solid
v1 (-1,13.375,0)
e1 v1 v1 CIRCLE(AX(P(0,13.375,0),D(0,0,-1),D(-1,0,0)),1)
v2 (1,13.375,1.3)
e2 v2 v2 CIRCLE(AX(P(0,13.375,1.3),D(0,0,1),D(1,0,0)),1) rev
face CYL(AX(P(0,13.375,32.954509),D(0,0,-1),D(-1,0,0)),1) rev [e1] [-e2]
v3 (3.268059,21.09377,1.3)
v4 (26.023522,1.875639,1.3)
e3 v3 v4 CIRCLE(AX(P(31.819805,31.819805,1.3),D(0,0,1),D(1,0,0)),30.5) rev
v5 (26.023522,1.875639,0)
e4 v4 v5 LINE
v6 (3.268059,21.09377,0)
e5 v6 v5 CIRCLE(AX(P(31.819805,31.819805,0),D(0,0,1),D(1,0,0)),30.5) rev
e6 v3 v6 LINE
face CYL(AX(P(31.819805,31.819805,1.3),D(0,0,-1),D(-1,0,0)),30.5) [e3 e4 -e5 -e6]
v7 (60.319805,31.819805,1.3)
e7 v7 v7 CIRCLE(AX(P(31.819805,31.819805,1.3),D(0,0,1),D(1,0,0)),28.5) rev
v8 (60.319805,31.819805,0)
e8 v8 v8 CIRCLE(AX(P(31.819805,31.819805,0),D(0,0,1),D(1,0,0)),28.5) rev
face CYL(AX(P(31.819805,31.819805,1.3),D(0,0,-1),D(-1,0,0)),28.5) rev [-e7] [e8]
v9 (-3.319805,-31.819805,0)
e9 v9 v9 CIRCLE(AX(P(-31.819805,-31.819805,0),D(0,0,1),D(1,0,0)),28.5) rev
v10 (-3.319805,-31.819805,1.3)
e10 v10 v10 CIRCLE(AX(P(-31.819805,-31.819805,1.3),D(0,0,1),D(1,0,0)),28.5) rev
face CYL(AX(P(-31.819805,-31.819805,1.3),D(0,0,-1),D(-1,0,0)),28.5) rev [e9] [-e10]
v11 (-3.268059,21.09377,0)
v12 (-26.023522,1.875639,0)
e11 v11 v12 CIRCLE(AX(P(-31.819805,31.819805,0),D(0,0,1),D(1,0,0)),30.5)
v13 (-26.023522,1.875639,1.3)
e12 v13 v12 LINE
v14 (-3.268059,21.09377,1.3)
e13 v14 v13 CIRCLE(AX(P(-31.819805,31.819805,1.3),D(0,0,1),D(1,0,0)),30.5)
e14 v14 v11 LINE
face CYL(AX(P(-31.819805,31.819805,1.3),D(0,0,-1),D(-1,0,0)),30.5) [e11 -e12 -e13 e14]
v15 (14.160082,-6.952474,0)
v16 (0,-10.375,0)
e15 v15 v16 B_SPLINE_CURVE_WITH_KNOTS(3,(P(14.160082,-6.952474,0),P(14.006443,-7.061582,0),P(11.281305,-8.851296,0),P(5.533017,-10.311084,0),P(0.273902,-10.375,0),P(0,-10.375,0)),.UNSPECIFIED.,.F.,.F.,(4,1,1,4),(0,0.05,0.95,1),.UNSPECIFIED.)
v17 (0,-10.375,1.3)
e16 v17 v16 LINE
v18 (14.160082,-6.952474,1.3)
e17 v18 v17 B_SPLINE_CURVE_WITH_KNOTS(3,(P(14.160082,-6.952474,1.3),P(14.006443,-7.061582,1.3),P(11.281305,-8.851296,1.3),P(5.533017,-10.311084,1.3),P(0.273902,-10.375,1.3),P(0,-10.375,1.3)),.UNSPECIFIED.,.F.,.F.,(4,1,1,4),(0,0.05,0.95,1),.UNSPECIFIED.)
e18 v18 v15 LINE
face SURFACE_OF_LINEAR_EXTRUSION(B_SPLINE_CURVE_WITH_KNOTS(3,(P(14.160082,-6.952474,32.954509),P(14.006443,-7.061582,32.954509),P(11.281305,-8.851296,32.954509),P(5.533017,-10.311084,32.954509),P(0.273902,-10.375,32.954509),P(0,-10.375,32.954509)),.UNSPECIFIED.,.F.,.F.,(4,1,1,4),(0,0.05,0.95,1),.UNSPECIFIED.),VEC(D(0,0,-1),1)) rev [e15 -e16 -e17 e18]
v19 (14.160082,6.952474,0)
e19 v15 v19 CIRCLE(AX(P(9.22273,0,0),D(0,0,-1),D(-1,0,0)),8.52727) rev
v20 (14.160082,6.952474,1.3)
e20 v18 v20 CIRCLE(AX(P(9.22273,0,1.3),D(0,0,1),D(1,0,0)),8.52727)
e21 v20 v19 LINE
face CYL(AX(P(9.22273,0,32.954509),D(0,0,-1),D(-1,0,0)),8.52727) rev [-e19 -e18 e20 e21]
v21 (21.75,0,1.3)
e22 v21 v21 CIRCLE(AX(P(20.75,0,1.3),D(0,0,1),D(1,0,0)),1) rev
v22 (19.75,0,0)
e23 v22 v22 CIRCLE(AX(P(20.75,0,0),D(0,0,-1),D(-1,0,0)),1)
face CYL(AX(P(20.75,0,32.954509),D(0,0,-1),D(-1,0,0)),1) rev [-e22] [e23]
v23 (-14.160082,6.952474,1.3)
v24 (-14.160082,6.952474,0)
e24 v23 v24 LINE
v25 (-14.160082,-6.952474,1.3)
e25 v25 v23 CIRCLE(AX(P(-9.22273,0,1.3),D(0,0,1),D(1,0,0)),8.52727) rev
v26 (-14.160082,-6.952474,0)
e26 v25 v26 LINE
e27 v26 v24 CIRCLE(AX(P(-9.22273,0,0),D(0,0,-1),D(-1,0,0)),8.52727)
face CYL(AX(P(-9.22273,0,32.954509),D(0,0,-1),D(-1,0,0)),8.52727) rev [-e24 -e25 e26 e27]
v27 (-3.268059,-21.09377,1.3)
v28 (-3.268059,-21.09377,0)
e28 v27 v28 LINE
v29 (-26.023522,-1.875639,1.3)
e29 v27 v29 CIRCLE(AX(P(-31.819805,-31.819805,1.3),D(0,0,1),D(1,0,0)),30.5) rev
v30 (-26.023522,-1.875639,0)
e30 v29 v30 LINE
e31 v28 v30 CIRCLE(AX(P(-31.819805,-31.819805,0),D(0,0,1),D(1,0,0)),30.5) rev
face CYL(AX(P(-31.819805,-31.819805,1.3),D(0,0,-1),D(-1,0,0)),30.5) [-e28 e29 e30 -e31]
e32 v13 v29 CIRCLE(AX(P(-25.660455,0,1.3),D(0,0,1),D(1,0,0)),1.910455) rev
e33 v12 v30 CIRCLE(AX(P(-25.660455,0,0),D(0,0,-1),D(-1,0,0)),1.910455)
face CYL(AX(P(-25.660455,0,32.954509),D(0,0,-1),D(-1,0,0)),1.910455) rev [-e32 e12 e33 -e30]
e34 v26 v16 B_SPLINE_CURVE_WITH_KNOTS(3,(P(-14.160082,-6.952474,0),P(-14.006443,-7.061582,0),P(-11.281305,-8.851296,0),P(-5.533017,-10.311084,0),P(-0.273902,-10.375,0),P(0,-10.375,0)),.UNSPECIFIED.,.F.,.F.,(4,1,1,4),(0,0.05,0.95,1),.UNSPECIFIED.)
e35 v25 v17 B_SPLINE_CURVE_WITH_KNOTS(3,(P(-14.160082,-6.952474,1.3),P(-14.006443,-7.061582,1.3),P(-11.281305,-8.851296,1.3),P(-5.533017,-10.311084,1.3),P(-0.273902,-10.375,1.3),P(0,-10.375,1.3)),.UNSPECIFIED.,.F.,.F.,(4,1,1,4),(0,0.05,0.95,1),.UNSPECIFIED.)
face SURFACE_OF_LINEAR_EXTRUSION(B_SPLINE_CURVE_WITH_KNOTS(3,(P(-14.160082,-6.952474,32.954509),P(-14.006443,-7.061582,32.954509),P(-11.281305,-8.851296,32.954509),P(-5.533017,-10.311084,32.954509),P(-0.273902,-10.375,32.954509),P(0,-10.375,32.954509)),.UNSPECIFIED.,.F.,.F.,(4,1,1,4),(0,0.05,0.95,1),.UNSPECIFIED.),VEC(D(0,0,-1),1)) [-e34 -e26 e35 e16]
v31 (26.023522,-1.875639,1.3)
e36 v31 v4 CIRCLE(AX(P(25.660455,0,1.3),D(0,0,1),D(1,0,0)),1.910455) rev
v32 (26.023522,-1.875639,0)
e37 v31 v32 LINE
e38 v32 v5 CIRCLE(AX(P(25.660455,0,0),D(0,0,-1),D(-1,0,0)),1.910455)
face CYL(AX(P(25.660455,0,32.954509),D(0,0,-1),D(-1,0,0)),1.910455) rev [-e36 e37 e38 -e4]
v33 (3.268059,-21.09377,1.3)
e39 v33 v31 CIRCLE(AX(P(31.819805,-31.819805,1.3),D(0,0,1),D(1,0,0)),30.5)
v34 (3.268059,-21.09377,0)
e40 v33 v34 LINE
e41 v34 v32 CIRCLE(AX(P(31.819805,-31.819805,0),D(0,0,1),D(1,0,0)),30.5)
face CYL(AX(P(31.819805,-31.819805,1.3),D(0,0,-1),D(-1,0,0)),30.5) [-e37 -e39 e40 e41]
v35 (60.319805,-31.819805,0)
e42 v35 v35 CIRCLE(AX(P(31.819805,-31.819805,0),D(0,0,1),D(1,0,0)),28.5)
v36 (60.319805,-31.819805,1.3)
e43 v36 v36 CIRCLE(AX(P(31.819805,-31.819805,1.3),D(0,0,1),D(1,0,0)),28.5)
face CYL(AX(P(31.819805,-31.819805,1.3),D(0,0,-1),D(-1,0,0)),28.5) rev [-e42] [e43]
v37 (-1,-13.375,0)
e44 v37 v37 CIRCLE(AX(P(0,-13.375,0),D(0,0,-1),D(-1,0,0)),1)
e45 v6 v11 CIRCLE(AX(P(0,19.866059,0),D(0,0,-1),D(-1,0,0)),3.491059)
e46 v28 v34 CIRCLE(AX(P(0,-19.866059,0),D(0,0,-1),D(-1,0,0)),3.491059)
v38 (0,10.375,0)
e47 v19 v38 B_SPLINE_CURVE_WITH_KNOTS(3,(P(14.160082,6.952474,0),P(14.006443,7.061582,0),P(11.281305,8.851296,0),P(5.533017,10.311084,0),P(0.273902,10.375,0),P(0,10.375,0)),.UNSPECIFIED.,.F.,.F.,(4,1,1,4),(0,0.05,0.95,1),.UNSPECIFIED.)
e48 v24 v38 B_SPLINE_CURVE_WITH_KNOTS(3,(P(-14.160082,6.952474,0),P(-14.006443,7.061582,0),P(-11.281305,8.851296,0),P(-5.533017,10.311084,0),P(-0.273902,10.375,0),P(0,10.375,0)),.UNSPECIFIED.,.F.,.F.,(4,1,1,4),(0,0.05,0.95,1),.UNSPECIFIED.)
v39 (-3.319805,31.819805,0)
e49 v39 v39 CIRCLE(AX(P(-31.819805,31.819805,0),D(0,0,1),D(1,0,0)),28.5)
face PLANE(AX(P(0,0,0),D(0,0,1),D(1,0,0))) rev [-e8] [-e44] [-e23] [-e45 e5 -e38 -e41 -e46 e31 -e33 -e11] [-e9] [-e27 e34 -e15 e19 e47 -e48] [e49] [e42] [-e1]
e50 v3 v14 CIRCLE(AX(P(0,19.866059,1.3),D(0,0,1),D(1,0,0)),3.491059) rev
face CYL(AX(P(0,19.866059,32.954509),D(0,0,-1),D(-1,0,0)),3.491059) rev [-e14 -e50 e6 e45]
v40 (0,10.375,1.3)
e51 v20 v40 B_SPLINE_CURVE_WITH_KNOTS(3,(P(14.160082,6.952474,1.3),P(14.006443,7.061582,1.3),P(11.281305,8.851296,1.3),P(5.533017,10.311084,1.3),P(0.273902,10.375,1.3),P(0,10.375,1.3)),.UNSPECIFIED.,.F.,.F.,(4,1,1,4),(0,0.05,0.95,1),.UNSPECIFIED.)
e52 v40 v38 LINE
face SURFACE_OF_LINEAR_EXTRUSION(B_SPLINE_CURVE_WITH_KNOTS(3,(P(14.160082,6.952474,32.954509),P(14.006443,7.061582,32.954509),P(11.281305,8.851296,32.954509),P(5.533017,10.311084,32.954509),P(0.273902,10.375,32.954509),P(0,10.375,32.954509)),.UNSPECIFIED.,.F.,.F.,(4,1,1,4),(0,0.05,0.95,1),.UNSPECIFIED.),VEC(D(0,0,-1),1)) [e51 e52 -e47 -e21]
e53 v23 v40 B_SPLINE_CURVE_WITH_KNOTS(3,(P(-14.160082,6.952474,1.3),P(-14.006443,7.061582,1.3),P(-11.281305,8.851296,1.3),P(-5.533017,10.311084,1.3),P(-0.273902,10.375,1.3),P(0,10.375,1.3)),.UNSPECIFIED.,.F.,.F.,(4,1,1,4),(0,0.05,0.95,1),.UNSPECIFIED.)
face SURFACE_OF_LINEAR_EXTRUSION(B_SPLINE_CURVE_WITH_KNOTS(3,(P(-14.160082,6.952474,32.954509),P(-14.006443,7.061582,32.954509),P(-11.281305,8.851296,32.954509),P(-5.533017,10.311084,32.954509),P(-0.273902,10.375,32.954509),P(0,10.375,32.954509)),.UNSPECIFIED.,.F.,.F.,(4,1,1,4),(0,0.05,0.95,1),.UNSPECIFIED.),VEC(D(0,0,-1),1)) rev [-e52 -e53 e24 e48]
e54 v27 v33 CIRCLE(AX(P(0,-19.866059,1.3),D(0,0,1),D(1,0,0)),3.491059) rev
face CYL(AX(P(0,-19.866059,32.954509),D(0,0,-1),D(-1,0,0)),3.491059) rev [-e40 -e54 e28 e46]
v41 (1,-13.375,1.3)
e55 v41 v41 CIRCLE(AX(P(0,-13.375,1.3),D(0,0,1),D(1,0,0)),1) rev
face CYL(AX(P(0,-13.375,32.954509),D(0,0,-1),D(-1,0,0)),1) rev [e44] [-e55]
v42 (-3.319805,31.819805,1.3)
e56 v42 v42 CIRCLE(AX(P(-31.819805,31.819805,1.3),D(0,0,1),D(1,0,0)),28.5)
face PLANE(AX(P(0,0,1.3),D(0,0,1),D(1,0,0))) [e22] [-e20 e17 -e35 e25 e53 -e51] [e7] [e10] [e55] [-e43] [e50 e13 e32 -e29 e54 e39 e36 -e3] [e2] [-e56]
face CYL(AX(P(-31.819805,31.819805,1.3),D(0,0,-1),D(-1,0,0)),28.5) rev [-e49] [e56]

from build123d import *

# Parameters (mm, degrees)
SKETCH1_R             = 30.5
SKETCH1_R_2           = 28.5
BOSS_EXTRUDE1_DEPTH   = 1.3
BOSS_EXTRUDE1_2_DEPTH = 1.3
BOSS_EXTRUDE1_3_DEPTH = 1.3
BOSS_EXTRUDE1_4_DEPTH = 1.3
SKETCH3_R             = 1
BOSS_EXTRUDE2_DEPTH   = 1.3


with BuildPart() as part:
    # Sketch1 → Boss-Extrude1 (new body)
    with BuildSketch(Plane.XY):
        with Locations((-31.819805153, 31.819805153)):
            Circle(SKETCH1_R)
        with Locations((-31.819805153, 31.819805153)):
            Circle(SKETCH1_R_2, mode=Mode.SUBTRACT)
    extrude(amount=BOSS_EXTRUDE1_DEPTH)



with BuildPart() as body_2:
    # Sketch1 → Boss-Extrude1 2 (new body)
    with BuildSketch(Plane.XY):
        with Locations((31.819805153, 31.819805153)):
            Circle(SKETCH1_R)
        with Locations((31.819805153, 31.819805153)):
            Circle(SKETCH1_R_2, mode=Mode.SUBTRACT)
    extrude(amount=BOSS_EXTRUDE1_2_DEPTH)


with BuildPart() as body_3:
    # Sketch1 → Boss-Extrude1 3 (new body)
    with BuildSketch(Plane.XY):
        with Locations((31.819805153, -31.819805153)):
            Circle(SKETCH1_R)
        with Locations((31.819805153, -31.819805153)):
            Circle(SKETCH1_R_2, mode=Mode.SUBTRACT)
    extrude(amount=BOSS_EXTRUDE1_3_DEPTH)


with BuildPart() as body_4:
    # Sketch1 → Boss-Extrude1 4 (new body)
    with BuildSketch(Plane.XY):
        with Locations((-31.819805153, -31.819805153)):
            Circle(SKETCH1_R)
        with Locations((-31.819805153, -31.819805153)):
            Circle(SKETCH1_R_2, mode=Mode.SUBTRACT)
    extrude(amount=BOSS_EXTRUDE1_4_DEPTH)


with BuildPart() as part_1:
    add(part.part)

    add(body_2.part)  # Boss-Extrude2 merges body 2

    add(body_3.part)  # Boss-Extrude2 merges body 3

    add(body_4.part)  # Boss-Extrude2 merges body 4
    # Sketch3 → Boss-Extrude2 (add)
    with BuildSketch(Plane(origin=(0, 0, 0), x_dir=(-1, 0, 0), z_dir=(0, 0, -1))):
        with BuildLine():
            ThreePointArc((-23.75, 0), (-20.75, -3), (-17.75, 0))
            ThreePointArc((-17.75, 0), (-20.75, 3), (-23.75, 0))
        make_face()
        with Locations((-20.75, 0)):
            Circle(SKETCH3_R, mode=Mode.SUBTRACT)
        with BuildLine():
            ThreePointArc((-14.160081763, -6.952473777), (-16.799552066, -3.912301259), (-17.75, 0))
            ThreePointArc((-17.75, 0), (-20.75, -3), (-23.75, 0))
            ThreePointArc((-23.75, 0), (-24.444680466, -1.473679275), (-26.023521849, -1.875638779))
            ThreePointArc((-26.023521849, -1.875638779), (-19.820237414, -3.779470382), (-14.160081763, -6.952473777))
        make_face()
        with BuildLine():
            ThreePointArc((-23.75, 0), (-20.75, 3), (-17.75, 0))
            ThreePointArc((-17.75, 0), (-16.799552066, 3.912301259), (-14.160081763, 6.952473777))
            ThreePointArc((-14.160081763, 6.952473777), (-19.820237414, 3.779470382), (-26.023521849, 1.875638779))
            ThreePointArc((-26.023521849, 1.875638779), (-24.444680466, 1.473679275), (-23.75, 0))
        make_face()
        with BuildLine():
            add(Edge.make_bspline(
                [(-14.160081763, -6.952473777), (-14.006442935, -7.061581552), (-11.281305453, -8.851296282), (-5.533016891, -10.311083757), (-0.273902085, -10.375), (0, -10.375)],
                knots=[0, 0, 0, 0, 0.05, 0.95, 1, 1, 1, 1], degree=3))
            ThreePointArc((-14.160081763, -6.952473777), (-7.656423025, -13.208492354), (-3.268059498, -21.093770469))
            ThreePointArc((-3.268059498, -21.093770469), (-2.8699742, -17.878412259), (0, -16.375))
            ThreePointArc((0, -16.375), (-3, -13.375), (0, -10.375))
        make_face()
        with BuildLine():
            ThreePointArc((-3.268059498, 21.093770469), (-7.656423025, 13.208492354), (-14.160081763, 6.952473777))
            add(Edge.make_bspline(
                [(-14.160081763, 6.952473777), (-14.006442935, 7.061581552), (-11.281305453, 8.851296282), (-5.533016891, 10.311083757), (-0.273902085, 10.375), (0, 10.375)],
                knots=[0, 0, 0, 0, 0.05, 0.95, 1, 1, 1, 1], degree=3))
            ThreePointArc((0, 10.375), (-3, 13.375), (0, 16.375))
            ThreePointArc((0, 16.375), (-2.8699742, 17.878412259), (-3.268059498, 21.093770469))
        make_face()
        with BuildLine():
            add(Edge.make_bspline(
                [(14.160081763, -6.952473777), (14.006442935, -7.061581552), (11.281305453, -8.851296282), (5.533016891, -10.311083757), (0.273902085, -10.375), (0, -10.375)],
                knots=[0, 0, 0, 0, 0.05, 0.95, 1, 1, 1, 1], degree=3))
            ThreePointArc((0, -10.375), (2.121320344, -11.253679656), (3, -13.375))
            ThreePointArc((3, -13.375), (2.121320344, -15.496320344), (0, -16.375))
            ThreePointArc((0, -16.375), (2.8699742, -17.878412259), (3.268059498, -21.093770469))
            ThreePointArc((3.268059498, -21.093770469), (7.656423025, -13.208492354), (14.160081763, -6.952473777))
        make_face()
        with BuildLine():
            ThreePointArc((3, -13.375), (2.121320344, -11.253679656), (0, -10.375))
            ThreePointArc((0, -10.375), (-3, -13.375), (0, -16.375))
            ThreePointArc((0, -16.375), (2.121320344, -15.496320344), (3, -13.375))
        make_face()
        with Locations((0, -13.375)):
            Circle(SKETCH3_R, mode=Mode.SUBTRACT)
        with BuildLine():
            ThreePointArc((0, 16.375), (-3, 13.375), (0, 10.375))
            ThreePointArc((0, 10.375), (2.121320344, 11.253679656), (3, 13.375))
            ThreePointArc((3, 13.375), (2.121320344, 15.496320344), (0, 16.375))
        make_face()
        with Locations((0, 13.375)):
            Circle(SKETCH3_R, mode=Mode.SUBTRACT)
        with BuildLine():
            ThreePointArc((3, 13.375), (2.121320344, 11.253679656), (0, 10.375))
            add(Edge.make_bspline(
                [(14.160081763, 6.952473777), (14.006442935, 7.061581552), (11.281305453, 8.851296282), (5.533016891, 10.311083757), (0.273902085, 10.375), (0, 10.375)],
                knots=[0, 0, 0, 0, 0.05, 0.95, 1, 1, 1, 1], degree=3))
            ThreePointArc((14.160081763, 6.952473777), (7.656423025, 13.208492354), (3.268059498, 21.093770469))
            ThreePointArc((3.268059498, 21.093770469), (2.8699742, 17.878412259), (0, 16.375))
            ThreePointArc((0, 16.375), (2.121320344, 15.496320344), (3, 13.375))
        make_face()
        with BuildLine():
            ThreePointArc((17.75, 0), (16.799552066, -3.912301259), (14.160081763, -6.952473777))
            ThreePointArc((14.160081763, -6.952473777), (19.820237414, -3.779470382), (26.023521849, -1.875638779))
            ThreePointArc((26.023521849, -1.875638779), (24.444680466, -1.473679275), (23.75, 0))
            ThreePointArc((23.75, 0), (24.444680466, 1.473679275), (26.023521849, 1.875638779))
            ThreePointArc((26.023521849, 1.875638779), (19.820237414, 3.779470382), (14.160081763, 6.952473777))
            ThreePointArc((14.160081763, 6.952473777), (16.799552066, 3.912301259), (17.75, 0))
        make_face()
        with Locations((20.75, 0)):
            Circle(SKETCH3_R, mode=Mode.SUBTRACT)
        with Locations((20.75, 0)):
            Circle(SKETCH3_R)
    extrude(amount=-BOSS_EXTRUDE2_DEPTH)


solid = part_1.part
